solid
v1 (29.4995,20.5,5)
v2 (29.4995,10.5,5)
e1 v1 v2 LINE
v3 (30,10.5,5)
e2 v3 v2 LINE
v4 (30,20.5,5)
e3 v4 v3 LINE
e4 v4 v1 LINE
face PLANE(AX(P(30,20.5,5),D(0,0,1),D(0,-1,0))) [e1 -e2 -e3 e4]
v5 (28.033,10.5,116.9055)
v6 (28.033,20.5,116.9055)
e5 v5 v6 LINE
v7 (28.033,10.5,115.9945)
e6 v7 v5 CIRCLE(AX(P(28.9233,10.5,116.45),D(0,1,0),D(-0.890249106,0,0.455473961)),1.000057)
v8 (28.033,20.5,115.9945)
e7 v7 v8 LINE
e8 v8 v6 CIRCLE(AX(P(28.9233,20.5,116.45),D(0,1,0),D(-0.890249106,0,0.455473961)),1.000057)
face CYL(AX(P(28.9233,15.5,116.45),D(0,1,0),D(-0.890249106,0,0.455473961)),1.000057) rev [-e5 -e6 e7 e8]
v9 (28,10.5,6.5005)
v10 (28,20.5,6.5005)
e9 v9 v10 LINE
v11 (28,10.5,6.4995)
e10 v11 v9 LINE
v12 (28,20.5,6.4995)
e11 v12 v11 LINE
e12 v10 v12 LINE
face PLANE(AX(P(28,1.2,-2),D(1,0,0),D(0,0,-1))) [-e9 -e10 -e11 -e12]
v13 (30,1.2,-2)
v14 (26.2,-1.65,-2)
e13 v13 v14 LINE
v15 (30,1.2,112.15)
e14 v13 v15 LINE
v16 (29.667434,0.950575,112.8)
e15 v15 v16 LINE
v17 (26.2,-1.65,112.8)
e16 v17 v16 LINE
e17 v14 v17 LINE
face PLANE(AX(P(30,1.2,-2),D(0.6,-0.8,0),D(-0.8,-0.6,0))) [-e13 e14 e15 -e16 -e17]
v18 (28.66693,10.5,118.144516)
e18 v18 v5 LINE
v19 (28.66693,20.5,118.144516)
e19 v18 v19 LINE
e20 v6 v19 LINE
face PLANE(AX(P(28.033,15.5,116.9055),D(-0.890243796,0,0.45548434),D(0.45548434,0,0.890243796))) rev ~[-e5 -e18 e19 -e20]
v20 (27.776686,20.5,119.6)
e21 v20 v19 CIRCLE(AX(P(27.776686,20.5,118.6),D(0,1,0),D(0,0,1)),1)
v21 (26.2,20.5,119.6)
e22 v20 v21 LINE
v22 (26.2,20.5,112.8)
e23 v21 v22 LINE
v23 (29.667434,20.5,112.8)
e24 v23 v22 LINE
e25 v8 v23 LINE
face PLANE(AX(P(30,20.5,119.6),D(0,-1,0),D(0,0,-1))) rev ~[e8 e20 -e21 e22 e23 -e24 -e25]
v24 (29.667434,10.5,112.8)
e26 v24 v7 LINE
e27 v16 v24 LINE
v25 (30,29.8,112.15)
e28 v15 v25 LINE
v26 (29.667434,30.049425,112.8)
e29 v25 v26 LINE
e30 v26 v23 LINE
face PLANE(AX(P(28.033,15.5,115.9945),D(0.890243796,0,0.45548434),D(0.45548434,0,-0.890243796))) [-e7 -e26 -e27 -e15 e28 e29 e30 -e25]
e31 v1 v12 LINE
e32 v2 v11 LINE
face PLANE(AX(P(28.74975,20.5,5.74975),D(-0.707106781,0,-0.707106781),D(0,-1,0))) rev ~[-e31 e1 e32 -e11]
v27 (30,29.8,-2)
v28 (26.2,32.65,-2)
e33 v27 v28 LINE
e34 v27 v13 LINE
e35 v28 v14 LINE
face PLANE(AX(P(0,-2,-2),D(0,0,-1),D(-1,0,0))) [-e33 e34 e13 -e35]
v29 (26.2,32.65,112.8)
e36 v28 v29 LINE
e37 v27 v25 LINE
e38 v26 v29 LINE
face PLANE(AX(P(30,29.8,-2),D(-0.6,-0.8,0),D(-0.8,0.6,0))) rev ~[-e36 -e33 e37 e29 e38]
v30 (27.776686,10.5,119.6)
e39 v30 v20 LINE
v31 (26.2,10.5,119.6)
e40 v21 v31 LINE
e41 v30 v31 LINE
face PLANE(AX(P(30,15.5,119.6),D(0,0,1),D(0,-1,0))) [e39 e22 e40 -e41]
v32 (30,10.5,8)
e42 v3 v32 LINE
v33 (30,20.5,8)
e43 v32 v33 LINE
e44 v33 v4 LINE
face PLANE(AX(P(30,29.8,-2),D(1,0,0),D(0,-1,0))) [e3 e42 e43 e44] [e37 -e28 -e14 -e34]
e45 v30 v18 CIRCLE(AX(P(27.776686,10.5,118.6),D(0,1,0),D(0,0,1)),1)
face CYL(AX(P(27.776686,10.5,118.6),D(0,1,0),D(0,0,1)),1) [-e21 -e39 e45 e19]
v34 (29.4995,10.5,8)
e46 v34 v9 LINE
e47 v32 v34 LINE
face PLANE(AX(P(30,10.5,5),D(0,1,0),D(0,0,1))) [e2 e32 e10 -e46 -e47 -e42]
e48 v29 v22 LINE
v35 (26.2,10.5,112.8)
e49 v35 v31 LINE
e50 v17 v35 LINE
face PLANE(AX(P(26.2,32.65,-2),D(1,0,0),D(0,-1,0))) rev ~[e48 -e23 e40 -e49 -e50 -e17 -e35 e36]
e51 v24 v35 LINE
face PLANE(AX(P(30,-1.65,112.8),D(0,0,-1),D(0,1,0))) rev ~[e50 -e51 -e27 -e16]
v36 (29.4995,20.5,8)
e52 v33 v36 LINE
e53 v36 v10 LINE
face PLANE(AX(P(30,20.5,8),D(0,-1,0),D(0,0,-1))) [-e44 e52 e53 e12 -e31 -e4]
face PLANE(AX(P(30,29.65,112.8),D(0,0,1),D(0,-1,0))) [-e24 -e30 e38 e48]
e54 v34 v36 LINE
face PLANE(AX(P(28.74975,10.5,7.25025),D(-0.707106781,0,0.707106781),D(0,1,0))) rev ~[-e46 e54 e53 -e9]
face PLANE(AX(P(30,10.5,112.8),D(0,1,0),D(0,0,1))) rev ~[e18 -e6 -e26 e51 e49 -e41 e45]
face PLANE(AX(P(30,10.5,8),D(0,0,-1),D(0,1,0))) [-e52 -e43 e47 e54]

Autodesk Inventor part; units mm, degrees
ref_plane "YZ Plane" through (0, 0, 0) normal (1, 0, 0) x (0, 1, 0)
ref_plane "Work Plane3" through (0, -2, -2) normal (0, 0, -1) x (-1, 0, 0)
sketch "Sketch4" plane through (0, -2, -2) normal (0, 0, -1) x (-1, 0, 0)
  line L0 (-30, 33) -> (-30, 34) projected
  line L1 (3, -2) -> (-26, -2) projected
  line L2 (7, 2) -> (7, 34) projected
  line L3 (3, 38) -> (-26, 38) projected
  line L4 (-27, 17.5) -> (-42, 17.5)
  line L5 (-30, 3.2) -> (-26, 0.2)
  line L6 (-26.2, 0.2) -> (-26.2, 17.5)
  line L7 (-30, 3.2) -> (-30, 17.5)
  line L8 (-30, 31.8) -> (-26, 34.8)
  line L9 (-26.2, 34.8) -> (-26.2, 17.5)
  line L10 (-30, 31.8) -> (-30, 17.5)
  line L11 (-26.2, 3.2) -> (-25.2, 3.2)
  line L12 (-25.2, 3.2) -> (-25.2, 17.5)
  line L13 (-26.2, 31.8) -> (-25.2, 31.8)
  line L14 (-25.2, 31.8) -> (-25.2, 17.5)
  line L15 (-26, 0) -> (-30, 3) projected
  circle A0 centre (-11.5, 18) radius 8 projected
  arc A1 (3, -2) -> (7, 2) centre (3, 2) ccw projected
  arc A2 (7, 34) -> (3, 38) centre (3, 34) ccw projected
  arc A3 (-26, 38) -> (-30, 34) centre (-26, 34) ccw projected
  line L16 (-30, 33) -> (-26, 36) projected
  line L17 (-26, 36) -> (-26, 0) projected
  line L18 (-30, 2) -> (-30, 3) projected
  arc A4 (-30, 2) -> (-26, -2) centre (-26, 2) ccw projected
  point P0 (0, 2)
  point P1 (-26.2, 0.35)
  point P2 (-26.2, 34.65)
  point P3 (-26.2, 31.8)
  point P4 (-26, 33)
  point P5 (-26, 2)
  dimension "d55" = 1
  dimension "d56" = 4
  dimension "d57" = 3
  dimension "d59" = 3.8
extrude "Whole Cover" add sketch "Sketch4" against normal blind 122 contours L9 L6 L5 L7 L10 L8
ref_plane "Work Plane4" through (0, 15.5, 120) normal (0, -1, 0) x (0, 0, -1)
sketch "Sketch5" plane through (0, 15.5, 120) normal (0, -1, 0) x (0, 0, -1)
  line L0 (122, 30) -> (0, 30) projected
  line L1 (122, 26.2) -> (0, 26.2) projected
  line L2 (0, 26.2) -> (0, 30)
  line L3 (7.85, 30) -> (-0.75, 30)
  line L4 (3.55, 30) -> (3.55, 27.8)
  line L5 (3.0945, 28.033) -> (-0.75, 30)
  line L6 (4.0055, 28.033) -> (7.85, 30)
  arc A0 (3.0945, 28.033) -> (4.0055, 28.033) centre (3.55, 28.9233) ccw
  point P0 (120, 0)
  point P1 (0, 29.6163)
  point P2 (0, 30)
  dimension "d45" = 8.6
  dimension "d47" = 2.2
  dimension "d48" = 1
extrude "Snap fit" cut sketch "Sketch5" along normal through all both and the other way through all
sketch "Sketch6" plane through (30, 1.2, -2) normal (1, 0, 0) x (0, 0, -1)
  line L0 (0, -2.85) -> (0, 31.45) projected
  line L1 (0, 14.3) -> (-7, 14.3) construction
  line L2 (-7, 9.3) -> (-10, 9.3)
  line L3 (-10, 9.3) -> (-10, 19.3)
  line L4 (-10, 19.3) -> (-7, 19.3)
  line L5 (-7, 19.3) -> (-7, 9.3)
  point P0 (-2, -1.2)
  dimension "d15" = 3
  dimension "d16" = 10
  dimension "d17" = 7
extrude "Grip" cut sketch "Sketch6" against normal blind 2
chamfer "Grip Chamfer" distance 1.5 angle 45 2 edges at (28, 15.5, 8) (28, 15.5, 5)
sketch "Sketch9" plane through (30, 1.2, -2) normal (1, 0, 0) x (0, 0, -1)
  line L0 (0, 0) -> (-122, 0) projected
  line L1 (-122, 31.45) -> (-122, -2.85) projected
  line L2 (-122, 14.3) -> (-114.6731, 14.3)
  line L3 (0, -2.85) -> (-122, -2.85) projected
  line L4 (-122, -2.85) -> (-114.5, -2.85)
  line L5 (-114.5, -2.85) -> (-114.5, 0.15)
  line L6 (-114.5, 0.15) -> (-122, 0.15)
  line L7 (-122, 0.15) -> (-122, -2.85)
  line L8 (-122, 31.45) -> (-114.5, 31.45)
  line L9 (-114.5, 31.45) -> (-114.5, 28.45)
  line L10 (-114.5, 28.45) -> (-122, 28.45)
  line L11 (-122, 28.45) -> (-122, 31.45)
  line L12 (-122, 28.45) -> (-121.6, 28.45)
  line L13 (-121.6, 28.45) -> (-121.6, 0.15)
  line L14 (-121.6, 0.15) -> (-122, 0.15)
  line L15 (-122, 0.15) -> (-122, 28.45)
  line L16 (-117.25, 0.15) -> (-117.25, -2.85)
  line L17 (-117.25, 28.45) -> (-117.25, 31.45)
  line L18 (-114.5, 9.3) -> (-122.5, 9.3)
  line L19 (-122.5, 9.3) -> (-122.5, 19.3)
  line L20 (-122.5, 19.3) -> (-114.5, 19.3)
  line L21 (-114.5, 19.3) -> (-114.5, 9.3)
  line L22 (-114.5, 0.15) -> (-114.5, 9.3)
  line L23 (-114.5, 19.3) -> (-114.5, 28.45)
  line L24 (-114.8, -2.85) -> (-114.8, 9.3)
  line L25 (-114.8, 31.45) -> (-114.8, 19.3)
  point P0 (-2, -1.2)
  point P1 (-117.25, 0)
  point P2 (-117.25, 28.6)
  point P3 (-122, 28.6)
  point P4 (-117.25, 0)
  point P5 (-114.5, 0)
  point P6 (-121.6, 9.3)
  point P7 (-121.6, 19.3)
  point P8 (-114.8, 19.3)
  dimension "d41" = 7.5
  dimension "d42" = 3
  dimension "d43" = 0.4
  dimension "d44" = 2.75
  dimension "d49" = 8
  dimension "d50" = 10
  dimension "d60" = 0.3
extrude "Corner Cut" cut sketch "Sketch9" against normal through all contours L24 L3 L16 L0 | L0 L16 L6 L24 | L16 L3 L1 L0 | L0 L1 L6 L16 | L6 L13 L18 L24 | L1 L18 L13 L6 | L18 L1 L2 L13 | L20 L13 L10 L25 | L2 L1 L20 L13 | L20 L1 L10 L13 | L10 L17 L8 L25 | L10 L1 L8 L17
fillet "Fillet5" radius 1 1 edges at (29.4116, 15.5, 119.6)
properties part number "enclosure cover_3DPrint"
